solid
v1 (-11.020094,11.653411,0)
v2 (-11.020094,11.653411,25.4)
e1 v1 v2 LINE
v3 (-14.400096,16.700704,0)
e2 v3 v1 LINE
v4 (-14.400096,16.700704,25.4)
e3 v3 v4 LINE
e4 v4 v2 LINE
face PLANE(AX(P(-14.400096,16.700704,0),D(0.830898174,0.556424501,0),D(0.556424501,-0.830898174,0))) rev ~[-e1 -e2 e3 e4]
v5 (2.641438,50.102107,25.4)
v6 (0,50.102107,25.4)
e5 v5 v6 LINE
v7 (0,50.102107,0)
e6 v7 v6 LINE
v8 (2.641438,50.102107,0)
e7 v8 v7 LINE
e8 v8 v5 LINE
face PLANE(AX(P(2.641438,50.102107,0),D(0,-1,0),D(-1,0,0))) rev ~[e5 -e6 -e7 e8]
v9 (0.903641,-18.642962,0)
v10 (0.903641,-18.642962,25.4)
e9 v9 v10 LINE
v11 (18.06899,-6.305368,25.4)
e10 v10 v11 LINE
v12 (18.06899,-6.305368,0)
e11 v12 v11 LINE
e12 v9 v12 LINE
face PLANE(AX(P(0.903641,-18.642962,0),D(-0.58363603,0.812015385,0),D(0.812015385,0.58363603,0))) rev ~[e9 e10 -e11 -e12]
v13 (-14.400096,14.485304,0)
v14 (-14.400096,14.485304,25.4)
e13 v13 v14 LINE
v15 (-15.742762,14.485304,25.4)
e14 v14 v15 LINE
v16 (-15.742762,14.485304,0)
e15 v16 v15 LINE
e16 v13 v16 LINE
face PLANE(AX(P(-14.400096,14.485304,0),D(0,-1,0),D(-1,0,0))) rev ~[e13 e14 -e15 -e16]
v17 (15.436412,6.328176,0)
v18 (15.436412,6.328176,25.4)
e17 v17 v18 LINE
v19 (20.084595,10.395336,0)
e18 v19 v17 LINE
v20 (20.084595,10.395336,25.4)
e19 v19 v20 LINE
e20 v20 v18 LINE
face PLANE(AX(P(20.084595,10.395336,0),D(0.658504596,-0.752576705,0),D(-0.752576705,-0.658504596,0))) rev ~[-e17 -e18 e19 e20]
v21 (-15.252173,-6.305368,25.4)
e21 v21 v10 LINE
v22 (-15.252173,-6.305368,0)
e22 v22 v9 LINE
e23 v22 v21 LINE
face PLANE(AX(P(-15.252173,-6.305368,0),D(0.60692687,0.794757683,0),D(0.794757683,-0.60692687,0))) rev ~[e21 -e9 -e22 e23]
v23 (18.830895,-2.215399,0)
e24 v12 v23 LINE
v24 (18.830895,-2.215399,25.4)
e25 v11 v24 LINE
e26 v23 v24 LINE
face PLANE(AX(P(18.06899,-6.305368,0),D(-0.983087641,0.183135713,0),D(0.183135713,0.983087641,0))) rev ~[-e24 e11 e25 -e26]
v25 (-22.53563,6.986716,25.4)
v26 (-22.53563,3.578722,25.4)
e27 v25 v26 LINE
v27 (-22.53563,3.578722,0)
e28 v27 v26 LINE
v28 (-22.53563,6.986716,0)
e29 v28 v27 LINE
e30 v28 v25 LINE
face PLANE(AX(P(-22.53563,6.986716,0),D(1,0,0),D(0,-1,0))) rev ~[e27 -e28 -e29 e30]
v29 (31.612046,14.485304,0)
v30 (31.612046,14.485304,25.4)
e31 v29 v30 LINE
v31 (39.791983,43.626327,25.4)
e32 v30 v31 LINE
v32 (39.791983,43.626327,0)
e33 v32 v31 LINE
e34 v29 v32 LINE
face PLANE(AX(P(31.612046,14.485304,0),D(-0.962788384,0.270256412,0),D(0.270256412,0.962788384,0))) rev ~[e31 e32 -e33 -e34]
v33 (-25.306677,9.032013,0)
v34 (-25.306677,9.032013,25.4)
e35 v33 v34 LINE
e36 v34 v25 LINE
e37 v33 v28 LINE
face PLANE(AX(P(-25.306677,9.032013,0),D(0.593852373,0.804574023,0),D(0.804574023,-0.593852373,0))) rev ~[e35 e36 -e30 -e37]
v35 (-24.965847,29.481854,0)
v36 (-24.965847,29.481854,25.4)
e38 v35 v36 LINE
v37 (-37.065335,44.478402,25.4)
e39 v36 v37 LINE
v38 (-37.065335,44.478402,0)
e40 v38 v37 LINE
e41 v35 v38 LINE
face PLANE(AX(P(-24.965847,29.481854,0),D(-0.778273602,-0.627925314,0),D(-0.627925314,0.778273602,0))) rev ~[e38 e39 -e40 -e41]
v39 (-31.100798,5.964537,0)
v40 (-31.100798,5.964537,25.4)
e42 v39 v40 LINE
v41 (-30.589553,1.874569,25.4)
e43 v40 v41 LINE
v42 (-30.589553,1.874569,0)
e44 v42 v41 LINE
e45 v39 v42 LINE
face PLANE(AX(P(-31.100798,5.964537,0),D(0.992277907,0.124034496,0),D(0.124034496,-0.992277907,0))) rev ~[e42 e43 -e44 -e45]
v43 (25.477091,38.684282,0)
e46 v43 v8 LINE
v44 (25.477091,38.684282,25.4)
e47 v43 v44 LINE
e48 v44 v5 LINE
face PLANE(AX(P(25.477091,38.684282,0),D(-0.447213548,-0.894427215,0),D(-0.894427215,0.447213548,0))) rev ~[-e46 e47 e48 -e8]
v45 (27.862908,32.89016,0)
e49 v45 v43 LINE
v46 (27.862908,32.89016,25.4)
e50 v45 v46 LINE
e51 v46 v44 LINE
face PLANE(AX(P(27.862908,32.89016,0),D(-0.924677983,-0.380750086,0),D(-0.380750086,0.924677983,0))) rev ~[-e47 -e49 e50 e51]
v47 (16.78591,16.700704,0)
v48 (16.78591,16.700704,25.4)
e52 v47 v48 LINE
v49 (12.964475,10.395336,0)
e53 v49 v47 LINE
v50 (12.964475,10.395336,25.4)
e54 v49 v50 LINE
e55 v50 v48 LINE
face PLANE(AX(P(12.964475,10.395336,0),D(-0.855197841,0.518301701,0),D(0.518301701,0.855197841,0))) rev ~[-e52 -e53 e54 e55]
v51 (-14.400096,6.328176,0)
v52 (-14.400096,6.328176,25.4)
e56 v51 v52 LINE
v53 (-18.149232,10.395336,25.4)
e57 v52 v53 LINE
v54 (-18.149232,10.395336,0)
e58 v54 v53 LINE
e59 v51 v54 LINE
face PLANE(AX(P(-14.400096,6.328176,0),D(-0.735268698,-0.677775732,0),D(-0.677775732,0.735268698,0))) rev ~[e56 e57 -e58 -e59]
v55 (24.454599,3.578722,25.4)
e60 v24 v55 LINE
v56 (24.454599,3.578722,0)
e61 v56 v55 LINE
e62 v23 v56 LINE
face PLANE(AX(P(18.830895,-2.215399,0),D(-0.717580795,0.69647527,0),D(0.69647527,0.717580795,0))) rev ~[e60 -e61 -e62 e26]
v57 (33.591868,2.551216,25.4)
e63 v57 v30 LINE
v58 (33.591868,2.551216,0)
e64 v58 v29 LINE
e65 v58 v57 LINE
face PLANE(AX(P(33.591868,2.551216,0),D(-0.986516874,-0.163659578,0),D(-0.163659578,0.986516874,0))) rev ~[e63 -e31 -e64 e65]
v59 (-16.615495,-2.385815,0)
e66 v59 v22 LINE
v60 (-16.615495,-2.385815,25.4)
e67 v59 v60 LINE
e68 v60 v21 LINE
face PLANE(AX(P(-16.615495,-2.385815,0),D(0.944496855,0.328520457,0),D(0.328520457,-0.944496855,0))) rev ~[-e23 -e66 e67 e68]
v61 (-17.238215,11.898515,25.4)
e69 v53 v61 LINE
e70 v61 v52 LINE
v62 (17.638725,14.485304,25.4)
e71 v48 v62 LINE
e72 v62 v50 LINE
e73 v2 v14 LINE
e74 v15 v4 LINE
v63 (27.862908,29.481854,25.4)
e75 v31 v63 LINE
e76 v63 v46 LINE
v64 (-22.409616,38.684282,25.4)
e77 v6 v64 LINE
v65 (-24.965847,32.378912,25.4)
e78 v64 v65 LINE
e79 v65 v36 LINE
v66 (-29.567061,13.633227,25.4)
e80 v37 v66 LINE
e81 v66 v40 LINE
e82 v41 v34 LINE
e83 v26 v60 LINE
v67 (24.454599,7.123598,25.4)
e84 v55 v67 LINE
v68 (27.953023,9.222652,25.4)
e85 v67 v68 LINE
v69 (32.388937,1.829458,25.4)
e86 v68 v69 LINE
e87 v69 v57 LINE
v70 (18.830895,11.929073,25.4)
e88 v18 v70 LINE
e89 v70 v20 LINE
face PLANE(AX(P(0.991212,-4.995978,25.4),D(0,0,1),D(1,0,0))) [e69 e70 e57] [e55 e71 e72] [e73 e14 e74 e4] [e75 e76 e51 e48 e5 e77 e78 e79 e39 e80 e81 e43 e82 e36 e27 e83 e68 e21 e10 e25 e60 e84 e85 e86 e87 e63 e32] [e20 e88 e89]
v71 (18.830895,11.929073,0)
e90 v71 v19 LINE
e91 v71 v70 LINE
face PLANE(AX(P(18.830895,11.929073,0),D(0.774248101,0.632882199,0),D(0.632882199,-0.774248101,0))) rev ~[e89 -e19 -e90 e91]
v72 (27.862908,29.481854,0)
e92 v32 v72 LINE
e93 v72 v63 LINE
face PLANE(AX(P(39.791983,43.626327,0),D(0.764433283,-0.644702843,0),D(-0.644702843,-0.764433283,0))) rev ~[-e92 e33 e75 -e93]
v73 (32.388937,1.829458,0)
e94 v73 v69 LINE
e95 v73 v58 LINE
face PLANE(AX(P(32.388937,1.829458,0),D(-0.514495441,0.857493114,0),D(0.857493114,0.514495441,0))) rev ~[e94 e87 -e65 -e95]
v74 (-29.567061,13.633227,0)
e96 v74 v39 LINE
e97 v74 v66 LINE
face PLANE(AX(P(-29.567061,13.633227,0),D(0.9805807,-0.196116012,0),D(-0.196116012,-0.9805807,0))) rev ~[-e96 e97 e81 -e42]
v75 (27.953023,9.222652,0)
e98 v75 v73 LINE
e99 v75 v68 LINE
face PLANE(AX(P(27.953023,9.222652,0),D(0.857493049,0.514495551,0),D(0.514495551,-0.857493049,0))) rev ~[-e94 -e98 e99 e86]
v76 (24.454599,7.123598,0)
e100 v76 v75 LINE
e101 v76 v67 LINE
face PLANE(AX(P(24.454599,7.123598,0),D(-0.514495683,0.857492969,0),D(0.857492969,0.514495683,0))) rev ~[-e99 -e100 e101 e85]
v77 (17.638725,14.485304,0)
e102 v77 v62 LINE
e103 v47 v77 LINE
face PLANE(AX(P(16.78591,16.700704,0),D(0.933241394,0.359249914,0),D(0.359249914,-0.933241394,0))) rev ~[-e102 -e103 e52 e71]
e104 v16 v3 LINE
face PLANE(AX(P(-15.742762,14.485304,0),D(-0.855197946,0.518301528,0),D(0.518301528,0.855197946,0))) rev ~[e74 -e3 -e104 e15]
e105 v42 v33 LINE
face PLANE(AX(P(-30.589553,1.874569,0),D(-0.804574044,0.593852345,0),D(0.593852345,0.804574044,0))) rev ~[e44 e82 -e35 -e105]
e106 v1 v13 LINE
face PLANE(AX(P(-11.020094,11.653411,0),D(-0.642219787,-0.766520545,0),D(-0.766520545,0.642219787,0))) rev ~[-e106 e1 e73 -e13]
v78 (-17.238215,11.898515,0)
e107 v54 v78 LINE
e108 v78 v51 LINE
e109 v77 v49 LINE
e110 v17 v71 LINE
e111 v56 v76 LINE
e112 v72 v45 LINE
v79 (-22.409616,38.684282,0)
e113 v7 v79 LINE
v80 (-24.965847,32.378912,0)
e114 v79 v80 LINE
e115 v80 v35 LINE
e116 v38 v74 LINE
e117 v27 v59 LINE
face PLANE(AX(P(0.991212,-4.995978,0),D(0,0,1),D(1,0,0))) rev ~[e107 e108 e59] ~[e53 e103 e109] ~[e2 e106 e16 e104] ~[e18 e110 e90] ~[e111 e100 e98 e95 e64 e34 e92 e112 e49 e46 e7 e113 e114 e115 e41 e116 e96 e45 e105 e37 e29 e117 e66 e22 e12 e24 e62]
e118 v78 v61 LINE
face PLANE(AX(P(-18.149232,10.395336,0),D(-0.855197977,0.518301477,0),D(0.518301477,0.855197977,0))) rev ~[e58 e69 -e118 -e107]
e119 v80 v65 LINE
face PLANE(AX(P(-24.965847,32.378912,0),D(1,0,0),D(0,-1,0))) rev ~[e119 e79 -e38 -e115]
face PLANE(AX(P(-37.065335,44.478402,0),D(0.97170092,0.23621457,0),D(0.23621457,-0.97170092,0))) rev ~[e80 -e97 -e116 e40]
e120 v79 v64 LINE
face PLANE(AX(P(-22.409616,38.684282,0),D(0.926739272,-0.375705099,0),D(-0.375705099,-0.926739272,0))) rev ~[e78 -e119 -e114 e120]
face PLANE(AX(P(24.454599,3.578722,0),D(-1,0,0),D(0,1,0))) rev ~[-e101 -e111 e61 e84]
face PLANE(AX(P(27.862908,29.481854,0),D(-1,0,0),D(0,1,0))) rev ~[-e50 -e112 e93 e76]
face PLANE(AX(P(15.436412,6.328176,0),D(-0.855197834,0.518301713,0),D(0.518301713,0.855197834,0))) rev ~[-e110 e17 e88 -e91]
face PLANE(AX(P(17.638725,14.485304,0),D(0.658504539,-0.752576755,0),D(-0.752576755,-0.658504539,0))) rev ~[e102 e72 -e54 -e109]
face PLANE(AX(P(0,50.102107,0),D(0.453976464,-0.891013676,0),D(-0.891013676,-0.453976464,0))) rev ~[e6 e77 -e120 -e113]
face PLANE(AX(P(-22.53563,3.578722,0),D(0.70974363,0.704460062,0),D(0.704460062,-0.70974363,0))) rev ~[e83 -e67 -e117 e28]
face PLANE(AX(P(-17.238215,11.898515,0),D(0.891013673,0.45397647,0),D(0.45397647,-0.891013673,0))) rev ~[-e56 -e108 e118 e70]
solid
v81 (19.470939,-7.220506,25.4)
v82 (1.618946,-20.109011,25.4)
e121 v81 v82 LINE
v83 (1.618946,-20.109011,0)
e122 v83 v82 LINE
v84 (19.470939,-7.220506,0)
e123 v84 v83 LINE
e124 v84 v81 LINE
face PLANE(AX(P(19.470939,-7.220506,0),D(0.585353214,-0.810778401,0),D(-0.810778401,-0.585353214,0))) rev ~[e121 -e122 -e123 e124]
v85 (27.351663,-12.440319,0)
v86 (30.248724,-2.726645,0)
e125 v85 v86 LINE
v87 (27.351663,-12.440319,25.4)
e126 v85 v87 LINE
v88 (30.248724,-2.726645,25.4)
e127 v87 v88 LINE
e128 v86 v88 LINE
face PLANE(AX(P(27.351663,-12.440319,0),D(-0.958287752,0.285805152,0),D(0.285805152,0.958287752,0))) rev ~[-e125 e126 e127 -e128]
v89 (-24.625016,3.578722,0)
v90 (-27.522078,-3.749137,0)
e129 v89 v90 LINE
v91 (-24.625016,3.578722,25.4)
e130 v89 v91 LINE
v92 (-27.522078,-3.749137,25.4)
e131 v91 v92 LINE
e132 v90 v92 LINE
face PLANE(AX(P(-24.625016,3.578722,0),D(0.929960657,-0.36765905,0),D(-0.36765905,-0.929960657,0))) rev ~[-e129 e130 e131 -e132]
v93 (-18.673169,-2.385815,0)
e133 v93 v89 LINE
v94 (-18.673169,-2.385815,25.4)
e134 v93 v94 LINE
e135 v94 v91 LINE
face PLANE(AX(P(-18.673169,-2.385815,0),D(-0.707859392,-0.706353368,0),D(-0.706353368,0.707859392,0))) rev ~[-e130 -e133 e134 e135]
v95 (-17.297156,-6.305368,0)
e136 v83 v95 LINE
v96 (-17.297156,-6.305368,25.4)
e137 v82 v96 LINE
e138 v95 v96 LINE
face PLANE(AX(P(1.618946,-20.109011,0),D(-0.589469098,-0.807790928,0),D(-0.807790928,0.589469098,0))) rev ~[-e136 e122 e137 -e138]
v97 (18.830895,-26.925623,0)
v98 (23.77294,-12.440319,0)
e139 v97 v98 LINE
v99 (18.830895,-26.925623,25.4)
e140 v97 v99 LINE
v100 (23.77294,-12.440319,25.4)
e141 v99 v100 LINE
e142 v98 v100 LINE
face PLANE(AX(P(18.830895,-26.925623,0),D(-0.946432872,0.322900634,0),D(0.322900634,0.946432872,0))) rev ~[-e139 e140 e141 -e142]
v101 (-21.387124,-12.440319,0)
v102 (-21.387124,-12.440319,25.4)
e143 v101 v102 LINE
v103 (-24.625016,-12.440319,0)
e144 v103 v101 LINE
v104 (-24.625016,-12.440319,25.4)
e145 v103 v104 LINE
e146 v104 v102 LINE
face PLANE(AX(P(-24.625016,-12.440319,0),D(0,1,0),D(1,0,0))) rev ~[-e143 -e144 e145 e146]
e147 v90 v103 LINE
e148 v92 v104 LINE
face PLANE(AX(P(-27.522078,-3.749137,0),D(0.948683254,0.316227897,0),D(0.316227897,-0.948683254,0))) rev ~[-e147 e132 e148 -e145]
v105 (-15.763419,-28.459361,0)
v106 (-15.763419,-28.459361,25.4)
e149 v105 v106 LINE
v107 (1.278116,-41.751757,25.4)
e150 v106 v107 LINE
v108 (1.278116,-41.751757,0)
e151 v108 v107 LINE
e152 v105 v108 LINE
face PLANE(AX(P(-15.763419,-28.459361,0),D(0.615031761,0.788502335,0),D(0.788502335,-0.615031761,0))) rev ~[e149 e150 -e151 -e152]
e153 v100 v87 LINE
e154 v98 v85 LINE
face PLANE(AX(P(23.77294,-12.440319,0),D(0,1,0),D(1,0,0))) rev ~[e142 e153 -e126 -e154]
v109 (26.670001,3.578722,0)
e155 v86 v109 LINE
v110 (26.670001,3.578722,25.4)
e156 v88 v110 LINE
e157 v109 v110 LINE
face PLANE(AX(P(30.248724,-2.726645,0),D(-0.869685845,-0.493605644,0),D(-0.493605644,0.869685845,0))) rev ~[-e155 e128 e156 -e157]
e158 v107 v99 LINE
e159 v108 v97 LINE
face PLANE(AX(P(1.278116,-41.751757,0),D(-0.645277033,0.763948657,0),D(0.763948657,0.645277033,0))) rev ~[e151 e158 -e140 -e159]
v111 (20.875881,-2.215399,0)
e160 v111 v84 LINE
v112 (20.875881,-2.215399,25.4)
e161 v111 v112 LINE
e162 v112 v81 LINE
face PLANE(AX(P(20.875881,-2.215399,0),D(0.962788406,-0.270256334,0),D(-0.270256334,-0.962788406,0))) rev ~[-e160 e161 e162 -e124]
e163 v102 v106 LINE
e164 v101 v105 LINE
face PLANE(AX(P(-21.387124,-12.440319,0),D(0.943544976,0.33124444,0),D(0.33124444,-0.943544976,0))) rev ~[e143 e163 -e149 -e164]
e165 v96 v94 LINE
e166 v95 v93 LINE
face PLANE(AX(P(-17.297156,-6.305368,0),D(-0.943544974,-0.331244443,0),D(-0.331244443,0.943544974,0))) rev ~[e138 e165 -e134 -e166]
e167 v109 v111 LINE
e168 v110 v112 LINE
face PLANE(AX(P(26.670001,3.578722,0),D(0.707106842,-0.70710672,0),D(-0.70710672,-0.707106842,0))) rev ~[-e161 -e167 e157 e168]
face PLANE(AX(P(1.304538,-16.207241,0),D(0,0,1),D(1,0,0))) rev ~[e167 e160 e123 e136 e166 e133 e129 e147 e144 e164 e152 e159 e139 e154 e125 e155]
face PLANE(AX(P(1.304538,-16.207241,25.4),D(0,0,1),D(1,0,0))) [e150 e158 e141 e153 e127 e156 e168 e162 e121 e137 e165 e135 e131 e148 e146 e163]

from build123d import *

# Parameters (mm, degrees)
F1_DEPTH = 25.4


with BuildPart() as f1:
    # F0 (on Top) → F1 (new body)
    with BuildSketch(Plane.XY):
        Polygon((-27.522078, -3.749137), (-24.625016, -12.440319), (-21.387124, -12.440319), (-15.763419, -28.459361), (1.278116, -41.751757), (18.830895, -26.925623), (23.77294, -12.440319), (27.351663, -12.440319), (30.248724, -2.726645), (26.670001, 3.578722), (20.875881, -2.215399), (19.470939, -7.220506), (1.618946, -20.109011), (-17.297156, -6.305368), (-18.673169, -2.385815), (-24.625016, 3.578722), align=None)
        Polygon((0, -12.474165), (-22.53563, 6.986716), (-22.53563, 3.578722), (-16.615495, -2.385815), (-15.252173, -6.305368), (0.903641, -18.642962), (18.06899, -6.305368), (18.830895, -2.215399), (24.454599, 3.578722), (24.454599, 7.123598), align=None)
        Polygon((-28.203737, 18.575272), (-29.567061, 13.633227), (-31.100798, 5.964537), (-30.589553, 1.874569), (-25.306677, 9.032013), (-22.53563, 6.986716), (0, -12.474165), (24.454599, 7.123598), (27.953023, 9.222652), (32.388937, 1.829458), (33.591868, 2.551216), (31.612046, 14.485304), (30.419139, 19.086517), (23.77294, 25.732715), (17.297158, 22.153994), (1.448531, 41.24051), (-14.400096, 22.324407), (-20.023802, 25.732715), align=None)
        Polygon((-14.400096, 6.328176), (-18.149232, 10.395336), (-17.238215, 11.898515), align=None, mode=Mode.SUBTRACT)
        Polygon((-11.020094, 11.653411), (-14.400096, 14.485304), (-15.742762, 14.485304), (-14.400096, 16.700704), align=None, mode=Mode.SUBTRACT)
        Polygon((15.436412, 6.328176), (18.830895, 11.929073), (20.084595, 10.395336), align=None, mode=Mode.SUBTRACT)
        Polygon((12.964475, 10.395336), (16.78591, 16.700704), (17.638725, 14.485304), align=None, mode=Mode.SUBTRACT)
        Polygon((-24.965847, 29.481854), (-37.065335, 44.478402), (-29.567061, 13.633227), (-28.203737, 18.575272), (-20.023802, 25.732715), (-14.400096, 22.324407), (1.448531, 41.24051), (17.297158, 22.153994), (23.77294, 25.732715), (30.419139, 19.086517), (31.612046, 14.485304), (39.791983, 43.626327), (27.862908, 29.481854), (27.862908, 32.89016), (25.477091, 38.684282), (2.641438, 50.102107), (0, 50.102107), (-22.409616, 38.684282), (-24.965847, 32.378912), align=None)
    extrude(amount=F1_DEPTH)


solid = f1.part
